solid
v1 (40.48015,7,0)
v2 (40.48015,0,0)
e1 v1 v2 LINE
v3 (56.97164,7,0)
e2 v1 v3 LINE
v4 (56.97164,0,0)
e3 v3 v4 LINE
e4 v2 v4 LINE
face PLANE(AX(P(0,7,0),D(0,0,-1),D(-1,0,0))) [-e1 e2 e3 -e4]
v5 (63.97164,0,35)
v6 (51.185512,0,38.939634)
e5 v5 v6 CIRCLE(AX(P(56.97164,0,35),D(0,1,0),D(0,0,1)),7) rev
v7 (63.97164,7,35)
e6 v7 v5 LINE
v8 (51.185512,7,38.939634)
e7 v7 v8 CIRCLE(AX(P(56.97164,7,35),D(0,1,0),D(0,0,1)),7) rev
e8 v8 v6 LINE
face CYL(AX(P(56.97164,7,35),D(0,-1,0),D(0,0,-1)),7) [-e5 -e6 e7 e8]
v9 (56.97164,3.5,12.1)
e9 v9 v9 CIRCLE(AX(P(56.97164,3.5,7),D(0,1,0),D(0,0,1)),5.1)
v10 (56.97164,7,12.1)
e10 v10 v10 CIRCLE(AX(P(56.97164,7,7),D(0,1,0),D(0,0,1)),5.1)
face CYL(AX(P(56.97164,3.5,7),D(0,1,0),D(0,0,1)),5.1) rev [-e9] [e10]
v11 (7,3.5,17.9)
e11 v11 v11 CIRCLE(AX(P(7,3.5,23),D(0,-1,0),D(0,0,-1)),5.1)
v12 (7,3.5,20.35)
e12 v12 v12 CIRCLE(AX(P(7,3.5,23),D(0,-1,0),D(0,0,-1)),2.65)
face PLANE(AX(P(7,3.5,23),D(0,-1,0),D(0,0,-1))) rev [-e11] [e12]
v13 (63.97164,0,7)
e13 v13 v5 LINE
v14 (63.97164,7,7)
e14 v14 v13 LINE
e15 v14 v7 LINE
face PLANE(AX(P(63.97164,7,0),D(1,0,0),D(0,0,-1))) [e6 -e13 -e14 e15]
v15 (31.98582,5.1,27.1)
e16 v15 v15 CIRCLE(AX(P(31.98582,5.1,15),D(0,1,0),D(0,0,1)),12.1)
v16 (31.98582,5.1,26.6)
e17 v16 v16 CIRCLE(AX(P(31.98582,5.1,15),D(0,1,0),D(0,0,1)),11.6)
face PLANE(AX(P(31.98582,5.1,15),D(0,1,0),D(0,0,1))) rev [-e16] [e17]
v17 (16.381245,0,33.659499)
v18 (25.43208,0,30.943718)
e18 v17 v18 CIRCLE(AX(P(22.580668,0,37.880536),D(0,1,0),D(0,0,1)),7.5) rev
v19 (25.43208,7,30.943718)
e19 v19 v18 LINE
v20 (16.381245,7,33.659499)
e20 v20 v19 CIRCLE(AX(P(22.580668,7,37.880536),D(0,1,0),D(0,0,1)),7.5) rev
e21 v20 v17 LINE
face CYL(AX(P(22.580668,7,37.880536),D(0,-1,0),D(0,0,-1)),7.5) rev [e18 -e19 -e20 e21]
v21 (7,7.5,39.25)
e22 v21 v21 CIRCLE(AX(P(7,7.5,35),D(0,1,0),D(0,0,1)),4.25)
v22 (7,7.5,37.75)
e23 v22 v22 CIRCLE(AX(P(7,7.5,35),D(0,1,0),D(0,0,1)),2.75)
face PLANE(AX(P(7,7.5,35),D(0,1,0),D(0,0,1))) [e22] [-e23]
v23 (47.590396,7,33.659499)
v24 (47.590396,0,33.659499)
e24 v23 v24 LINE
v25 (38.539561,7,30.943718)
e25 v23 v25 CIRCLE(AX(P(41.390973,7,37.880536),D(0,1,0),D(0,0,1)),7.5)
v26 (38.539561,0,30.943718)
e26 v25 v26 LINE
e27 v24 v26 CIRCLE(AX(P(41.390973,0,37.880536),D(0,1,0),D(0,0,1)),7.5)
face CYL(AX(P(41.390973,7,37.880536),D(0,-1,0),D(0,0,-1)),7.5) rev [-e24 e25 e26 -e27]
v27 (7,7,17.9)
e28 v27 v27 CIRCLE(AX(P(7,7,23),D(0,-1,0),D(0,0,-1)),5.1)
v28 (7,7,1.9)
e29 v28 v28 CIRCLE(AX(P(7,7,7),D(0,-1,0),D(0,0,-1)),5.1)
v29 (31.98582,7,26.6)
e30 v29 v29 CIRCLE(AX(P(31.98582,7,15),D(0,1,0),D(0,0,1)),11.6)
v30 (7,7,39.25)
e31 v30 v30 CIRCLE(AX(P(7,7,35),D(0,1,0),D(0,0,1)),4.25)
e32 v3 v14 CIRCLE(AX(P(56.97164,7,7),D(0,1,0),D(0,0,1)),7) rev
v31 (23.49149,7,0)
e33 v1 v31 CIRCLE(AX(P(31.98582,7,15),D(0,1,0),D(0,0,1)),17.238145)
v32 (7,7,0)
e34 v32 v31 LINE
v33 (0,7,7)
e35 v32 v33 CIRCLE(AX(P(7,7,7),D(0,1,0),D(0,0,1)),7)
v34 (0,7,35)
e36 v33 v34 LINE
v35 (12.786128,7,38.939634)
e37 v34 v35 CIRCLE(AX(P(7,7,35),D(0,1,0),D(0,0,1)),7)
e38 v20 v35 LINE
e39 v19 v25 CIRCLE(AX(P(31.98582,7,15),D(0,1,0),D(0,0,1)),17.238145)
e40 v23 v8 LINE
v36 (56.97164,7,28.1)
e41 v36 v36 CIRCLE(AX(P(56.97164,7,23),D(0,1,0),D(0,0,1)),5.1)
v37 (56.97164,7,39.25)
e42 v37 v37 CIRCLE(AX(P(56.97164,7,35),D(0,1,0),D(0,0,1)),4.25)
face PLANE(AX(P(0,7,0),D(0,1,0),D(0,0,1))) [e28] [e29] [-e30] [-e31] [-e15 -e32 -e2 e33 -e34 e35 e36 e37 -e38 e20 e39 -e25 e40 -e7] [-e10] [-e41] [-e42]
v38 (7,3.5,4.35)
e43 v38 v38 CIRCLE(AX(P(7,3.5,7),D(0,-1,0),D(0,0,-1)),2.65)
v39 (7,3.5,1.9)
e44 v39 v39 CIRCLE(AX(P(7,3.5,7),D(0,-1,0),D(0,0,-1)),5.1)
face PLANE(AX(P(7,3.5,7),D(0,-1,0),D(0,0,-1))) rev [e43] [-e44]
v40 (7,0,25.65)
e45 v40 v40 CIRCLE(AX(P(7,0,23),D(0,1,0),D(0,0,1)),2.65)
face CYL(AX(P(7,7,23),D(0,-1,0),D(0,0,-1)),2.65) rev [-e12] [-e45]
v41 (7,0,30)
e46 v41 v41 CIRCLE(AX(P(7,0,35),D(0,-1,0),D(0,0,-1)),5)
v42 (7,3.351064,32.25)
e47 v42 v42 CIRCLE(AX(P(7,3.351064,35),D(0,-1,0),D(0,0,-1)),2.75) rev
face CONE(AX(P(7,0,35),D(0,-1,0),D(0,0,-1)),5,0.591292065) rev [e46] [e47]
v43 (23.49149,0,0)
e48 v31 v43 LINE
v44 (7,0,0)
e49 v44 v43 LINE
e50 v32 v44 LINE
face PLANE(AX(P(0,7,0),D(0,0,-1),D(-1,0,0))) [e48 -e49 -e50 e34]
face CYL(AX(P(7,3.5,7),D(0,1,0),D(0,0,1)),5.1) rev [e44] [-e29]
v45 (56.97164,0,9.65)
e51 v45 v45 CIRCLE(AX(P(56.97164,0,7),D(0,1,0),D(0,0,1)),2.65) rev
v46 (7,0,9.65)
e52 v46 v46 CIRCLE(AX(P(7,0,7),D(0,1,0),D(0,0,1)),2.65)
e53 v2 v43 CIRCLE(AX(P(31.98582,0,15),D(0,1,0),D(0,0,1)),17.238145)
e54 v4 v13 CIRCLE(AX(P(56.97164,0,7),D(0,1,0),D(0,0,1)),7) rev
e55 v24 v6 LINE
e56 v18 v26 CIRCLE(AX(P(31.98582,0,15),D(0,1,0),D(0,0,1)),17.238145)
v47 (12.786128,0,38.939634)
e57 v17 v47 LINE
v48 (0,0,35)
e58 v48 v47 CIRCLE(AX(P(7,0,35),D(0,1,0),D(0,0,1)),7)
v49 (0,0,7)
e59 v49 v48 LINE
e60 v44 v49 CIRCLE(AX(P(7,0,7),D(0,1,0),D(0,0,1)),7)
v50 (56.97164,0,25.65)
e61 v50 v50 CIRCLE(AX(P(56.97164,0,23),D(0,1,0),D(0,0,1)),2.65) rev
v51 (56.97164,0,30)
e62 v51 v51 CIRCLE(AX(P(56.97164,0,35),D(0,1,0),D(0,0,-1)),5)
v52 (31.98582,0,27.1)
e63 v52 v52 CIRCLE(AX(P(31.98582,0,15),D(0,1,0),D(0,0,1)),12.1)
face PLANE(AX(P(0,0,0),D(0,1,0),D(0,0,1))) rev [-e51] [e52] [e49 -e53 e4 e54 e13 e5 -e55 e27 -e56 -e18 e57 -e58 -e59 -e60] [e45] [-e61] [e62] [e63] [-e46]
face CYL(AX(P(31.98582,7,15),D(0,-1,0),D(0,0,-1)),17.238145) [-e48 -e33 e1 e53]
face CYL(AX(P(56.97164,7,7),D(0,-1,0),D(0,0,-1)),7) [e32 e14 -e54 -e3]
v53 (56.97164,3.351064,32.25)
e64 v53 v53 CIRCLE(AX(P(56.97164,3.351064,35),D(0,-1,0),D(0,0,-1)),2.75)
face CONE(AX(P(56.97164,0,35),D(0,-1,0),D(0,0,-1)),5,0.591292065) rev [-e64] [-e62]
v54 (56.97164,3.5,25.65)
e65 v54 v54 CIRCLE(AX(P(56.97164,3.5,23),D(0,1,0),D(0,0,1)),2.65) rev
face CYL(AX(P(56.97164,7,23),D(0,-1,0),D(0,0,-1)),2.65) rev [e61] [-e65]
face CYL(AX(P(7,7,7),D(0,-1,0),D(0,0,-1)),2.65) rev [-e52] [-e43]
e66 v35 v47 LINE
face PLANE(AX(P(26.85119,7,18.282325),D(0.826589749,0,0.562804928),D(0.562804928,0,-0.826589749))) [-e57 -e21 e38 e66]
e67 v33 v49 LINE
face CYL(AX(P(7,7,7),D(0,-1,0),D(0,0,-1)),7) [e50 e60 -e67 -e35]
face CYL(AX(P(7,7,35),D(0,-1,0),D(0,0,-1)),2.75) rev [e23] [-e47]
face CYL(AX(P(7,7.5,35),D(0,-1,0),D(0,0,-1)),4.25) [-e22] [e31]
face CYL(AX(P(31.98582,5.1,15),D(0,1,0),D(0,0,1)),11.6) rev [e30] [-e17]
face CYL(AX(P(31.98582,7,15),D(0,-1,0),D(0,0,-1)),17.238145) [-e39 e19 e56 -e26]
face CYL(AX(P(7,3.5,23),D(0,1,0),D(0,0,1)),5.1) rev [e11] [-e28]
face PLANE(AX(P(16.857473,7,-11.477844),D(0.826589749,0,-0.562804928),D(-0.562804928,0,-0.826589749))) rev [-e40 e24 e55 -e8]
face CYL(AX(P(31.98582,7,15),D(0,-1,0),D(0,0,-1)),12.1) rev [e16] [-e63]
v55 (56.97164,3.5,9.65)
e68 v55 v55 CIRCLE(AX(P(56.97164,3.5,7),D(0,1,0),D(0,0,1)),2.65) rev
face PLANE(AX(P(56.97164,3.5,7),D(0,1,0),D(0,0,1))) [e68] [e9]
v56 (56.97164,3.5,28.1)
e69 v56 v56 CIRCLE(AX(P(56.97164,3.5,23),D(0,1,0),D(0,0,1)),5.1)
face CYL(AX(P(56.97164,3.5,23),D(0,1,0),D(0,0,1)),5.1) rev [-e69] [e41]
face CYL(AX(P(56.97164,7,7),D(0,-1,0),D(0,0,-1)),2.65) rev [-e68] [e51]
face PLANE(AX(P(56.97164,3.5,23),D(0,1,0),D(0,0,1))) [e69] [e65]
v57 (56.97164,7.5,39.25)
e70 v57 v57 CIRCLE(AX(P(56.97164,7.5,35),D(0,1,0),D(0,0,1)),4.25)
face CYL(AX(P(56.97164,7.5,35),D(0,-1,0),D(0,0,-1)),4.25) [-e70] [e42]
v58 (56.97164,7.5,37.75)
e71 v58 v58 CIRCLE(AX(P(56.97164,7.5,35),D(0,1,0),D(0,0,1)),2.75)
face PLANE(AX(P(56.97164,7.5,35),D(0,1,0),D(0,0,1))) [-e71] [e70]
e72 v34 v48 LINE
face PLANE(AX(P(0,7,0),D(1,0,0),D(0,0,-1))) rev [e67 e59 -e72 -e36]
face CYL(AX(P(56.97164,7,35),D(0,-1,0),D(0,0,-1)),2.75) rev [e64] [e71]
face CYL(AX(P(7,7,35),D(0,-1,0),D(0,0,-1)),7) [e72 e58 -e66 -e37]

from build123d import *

# Parameters (mm, degrees)
SKETCH_1_R          = 2.65
SKETCH_1_R_2        = 2.75
SKETCH_1_R_3        = 12.1
EXTRUDE_1_DEPTH     = 7
EXTRUDE_START       = -7
SKETCH_2_R          = 12.1
SKETCH_2_R_2        = 11.6
EXTRUDE_2_DEPTH     = 1.9
SKETCH_3_R          = 5.1
SKETCH_3_R_2        = 2.65
CUT_EXTRUDE_1_DEPTH = 3.5
SKETCH_4_R          = 4.25
SKETCH_4_R_2        = 2.75
EXTRUDE_3_DEPTH     = 0.5


with BuildPart() as part:
    # 草图1 → 凸台-拉伸1 (new body)
    with BuildSketch(Plane(origin=(0, 0, 0), x_dir=(1, 0, 0), z_dir=(0, 1, 0))):
        with BuildLine():
            Line((40.480150219, 0), (56.971640332, 0))
            ThreePointArc((56.971640332, 0), (61.9213878, -2.050252532), (63.971640332, -7))
            Line((63.971640332, -7), (63.971640332, -35))
            ThreePointArc((63.971640332, -35), (59.032841716, -41.689652372), (51.185512088, -38.939634494))
            Line((51.185512088, -38.939634494), (47.590395779, -33.659498976))
            ThreePointArc((47.590395779, -33.659498976), (43.546468384, -30.69695478), (38.539560652, -30.94371753))
            ThreePointArc((38.539560652, -30.94371753), (31.985820166, -32.238145), (25.43207968, -30.94371753))
            ThreePointArc((25.43207968, -30.94371753), (20.425171948, -30.69695478), (16.381244554, -33.659498976))
            Line((16.381244554, -33.659498976), (12.786128244, -38.939634494))
            ThreePointArc((12.786128244, -38.939634494), (4.938798616, -41.689652372), (0, -35))
            Line((0, -35), (0, -7))
            ThreePointArc((0, -7), (2.050252532, -2.050252532), (7, 0))
            Line((7, 0), (23.491490114, 0))
            ThreePointArc((23.491490114, 0), (31.985820166, 2.238145), (40.480150219, 0))
        make_face()
        with Locations((56.971640332, -7)):
            Circle(SKETCH_1_R, mode=Mode.SUBTRACT)
        with Locations((56.971640332, -35)):
            Circle(SKETCH_1_R_2, mode=Mode.SUBTRACT)
        with Locations((7, -23)):
            Circle(SKETCH_1_R, mode=Mode.SUBTRACT)
        with Locations((7, -7)):
            Circle(SKETCH_1_R, mode=Mode.SUBTRACT)
        with Locations((7, -35)):
            Circle(SKETCH_1_R_2, mode=Mode.SUBTRACT)
        with Locations((56.971640332, -23)):
            Circle(SKETCH_1_R, mode=Mode.SUBTRACT)
        with Locations((31.985820166, -15)):
            Circle(SKETCH_1_R_3, mode=Mode.SUBTRACT)
    extrude(amount=EXTRUDE_1_DEPTH)

    # 草图2 → 凸台-拉伸2 (add)
    with BuildSketch(Plane.XZ.offset(EXTRUDE_START)):
        with Locations((31.985820166, 15)):
            Circle(SKETCH_2_R)
        with Locations((31.985820166, 15)):
            Circle(SKETCH_2_R_2, mode=Mode.SUBTRACT)
    extrude(amount=EXTRUDE_2_DEPTH)

    # 草图3 → 切除-拉伸1 (cut)
    with BuildSketch(Plane(origin=(0, 7, 0), x_dir=(1, 0, 0), z_dir=(0, 1, 0))):
        with Locations((56.971640332, -7)):
            Circle(SKETCH_3_R)
        with Locations((56.971640332, -23)):
            Circle(SKETCH_3_R)
        with Locations((7, -23)):
            Circle(SKETCH_3_R)
        with Locations((7, -7)):
            Circle(SKETCH_3_R)
        with Locations((7, -7)):
            Circle(SKETCH_3_R_2, mode=Mode.SUBTRACT)
    extrude(amount=-CUT_EXTRUDE_1_DEPTH, mode=Mode.SUBTRACT)

    # 草图4 → 凸台-拉伸3 (add)
    with BuildSketch(Plane(origin=(0, 7, 0), x_dir=(1, 0, 0), z_dir=(0, 1, 0))):
        with Locations((7, -35)):
            Circle(SKETCH_4_R)
        with Locations((7, -35)):
            Circle(SKETCH_4_R_2, mode=Mode.SUBTRACT)
        with Locations((56.971640332, -35)):
            Circle(SKETCH_4_R)
        with Locations((56.971640332, -35)):
            Circle(SKETCH_4_R_2, mode=Mode.SUBTRACT)
    extrude(amount=EXTRUDE_3_DEPTH)

    # 草图5 → 切除-旋转1 (revolve, cut)
    with BuildSketch(Plane.XY.offset(35)):
        Polygon((12, 0), (9.65, 3.5), (7, 3.5), (7, 0), align=None)
    cut_revolve_1 = revolve(axis=Axis((7, 0, 35), (0, 1, 0)), mode=Mode.SUBTRACT)

    # 镜向1: 切除-旋转1 across plane
    add(cut_revolve_1.mirror(Plane.ZY.offset(-31.985820166)), mode=Mode.SUBTRACT)


solid = part.part
